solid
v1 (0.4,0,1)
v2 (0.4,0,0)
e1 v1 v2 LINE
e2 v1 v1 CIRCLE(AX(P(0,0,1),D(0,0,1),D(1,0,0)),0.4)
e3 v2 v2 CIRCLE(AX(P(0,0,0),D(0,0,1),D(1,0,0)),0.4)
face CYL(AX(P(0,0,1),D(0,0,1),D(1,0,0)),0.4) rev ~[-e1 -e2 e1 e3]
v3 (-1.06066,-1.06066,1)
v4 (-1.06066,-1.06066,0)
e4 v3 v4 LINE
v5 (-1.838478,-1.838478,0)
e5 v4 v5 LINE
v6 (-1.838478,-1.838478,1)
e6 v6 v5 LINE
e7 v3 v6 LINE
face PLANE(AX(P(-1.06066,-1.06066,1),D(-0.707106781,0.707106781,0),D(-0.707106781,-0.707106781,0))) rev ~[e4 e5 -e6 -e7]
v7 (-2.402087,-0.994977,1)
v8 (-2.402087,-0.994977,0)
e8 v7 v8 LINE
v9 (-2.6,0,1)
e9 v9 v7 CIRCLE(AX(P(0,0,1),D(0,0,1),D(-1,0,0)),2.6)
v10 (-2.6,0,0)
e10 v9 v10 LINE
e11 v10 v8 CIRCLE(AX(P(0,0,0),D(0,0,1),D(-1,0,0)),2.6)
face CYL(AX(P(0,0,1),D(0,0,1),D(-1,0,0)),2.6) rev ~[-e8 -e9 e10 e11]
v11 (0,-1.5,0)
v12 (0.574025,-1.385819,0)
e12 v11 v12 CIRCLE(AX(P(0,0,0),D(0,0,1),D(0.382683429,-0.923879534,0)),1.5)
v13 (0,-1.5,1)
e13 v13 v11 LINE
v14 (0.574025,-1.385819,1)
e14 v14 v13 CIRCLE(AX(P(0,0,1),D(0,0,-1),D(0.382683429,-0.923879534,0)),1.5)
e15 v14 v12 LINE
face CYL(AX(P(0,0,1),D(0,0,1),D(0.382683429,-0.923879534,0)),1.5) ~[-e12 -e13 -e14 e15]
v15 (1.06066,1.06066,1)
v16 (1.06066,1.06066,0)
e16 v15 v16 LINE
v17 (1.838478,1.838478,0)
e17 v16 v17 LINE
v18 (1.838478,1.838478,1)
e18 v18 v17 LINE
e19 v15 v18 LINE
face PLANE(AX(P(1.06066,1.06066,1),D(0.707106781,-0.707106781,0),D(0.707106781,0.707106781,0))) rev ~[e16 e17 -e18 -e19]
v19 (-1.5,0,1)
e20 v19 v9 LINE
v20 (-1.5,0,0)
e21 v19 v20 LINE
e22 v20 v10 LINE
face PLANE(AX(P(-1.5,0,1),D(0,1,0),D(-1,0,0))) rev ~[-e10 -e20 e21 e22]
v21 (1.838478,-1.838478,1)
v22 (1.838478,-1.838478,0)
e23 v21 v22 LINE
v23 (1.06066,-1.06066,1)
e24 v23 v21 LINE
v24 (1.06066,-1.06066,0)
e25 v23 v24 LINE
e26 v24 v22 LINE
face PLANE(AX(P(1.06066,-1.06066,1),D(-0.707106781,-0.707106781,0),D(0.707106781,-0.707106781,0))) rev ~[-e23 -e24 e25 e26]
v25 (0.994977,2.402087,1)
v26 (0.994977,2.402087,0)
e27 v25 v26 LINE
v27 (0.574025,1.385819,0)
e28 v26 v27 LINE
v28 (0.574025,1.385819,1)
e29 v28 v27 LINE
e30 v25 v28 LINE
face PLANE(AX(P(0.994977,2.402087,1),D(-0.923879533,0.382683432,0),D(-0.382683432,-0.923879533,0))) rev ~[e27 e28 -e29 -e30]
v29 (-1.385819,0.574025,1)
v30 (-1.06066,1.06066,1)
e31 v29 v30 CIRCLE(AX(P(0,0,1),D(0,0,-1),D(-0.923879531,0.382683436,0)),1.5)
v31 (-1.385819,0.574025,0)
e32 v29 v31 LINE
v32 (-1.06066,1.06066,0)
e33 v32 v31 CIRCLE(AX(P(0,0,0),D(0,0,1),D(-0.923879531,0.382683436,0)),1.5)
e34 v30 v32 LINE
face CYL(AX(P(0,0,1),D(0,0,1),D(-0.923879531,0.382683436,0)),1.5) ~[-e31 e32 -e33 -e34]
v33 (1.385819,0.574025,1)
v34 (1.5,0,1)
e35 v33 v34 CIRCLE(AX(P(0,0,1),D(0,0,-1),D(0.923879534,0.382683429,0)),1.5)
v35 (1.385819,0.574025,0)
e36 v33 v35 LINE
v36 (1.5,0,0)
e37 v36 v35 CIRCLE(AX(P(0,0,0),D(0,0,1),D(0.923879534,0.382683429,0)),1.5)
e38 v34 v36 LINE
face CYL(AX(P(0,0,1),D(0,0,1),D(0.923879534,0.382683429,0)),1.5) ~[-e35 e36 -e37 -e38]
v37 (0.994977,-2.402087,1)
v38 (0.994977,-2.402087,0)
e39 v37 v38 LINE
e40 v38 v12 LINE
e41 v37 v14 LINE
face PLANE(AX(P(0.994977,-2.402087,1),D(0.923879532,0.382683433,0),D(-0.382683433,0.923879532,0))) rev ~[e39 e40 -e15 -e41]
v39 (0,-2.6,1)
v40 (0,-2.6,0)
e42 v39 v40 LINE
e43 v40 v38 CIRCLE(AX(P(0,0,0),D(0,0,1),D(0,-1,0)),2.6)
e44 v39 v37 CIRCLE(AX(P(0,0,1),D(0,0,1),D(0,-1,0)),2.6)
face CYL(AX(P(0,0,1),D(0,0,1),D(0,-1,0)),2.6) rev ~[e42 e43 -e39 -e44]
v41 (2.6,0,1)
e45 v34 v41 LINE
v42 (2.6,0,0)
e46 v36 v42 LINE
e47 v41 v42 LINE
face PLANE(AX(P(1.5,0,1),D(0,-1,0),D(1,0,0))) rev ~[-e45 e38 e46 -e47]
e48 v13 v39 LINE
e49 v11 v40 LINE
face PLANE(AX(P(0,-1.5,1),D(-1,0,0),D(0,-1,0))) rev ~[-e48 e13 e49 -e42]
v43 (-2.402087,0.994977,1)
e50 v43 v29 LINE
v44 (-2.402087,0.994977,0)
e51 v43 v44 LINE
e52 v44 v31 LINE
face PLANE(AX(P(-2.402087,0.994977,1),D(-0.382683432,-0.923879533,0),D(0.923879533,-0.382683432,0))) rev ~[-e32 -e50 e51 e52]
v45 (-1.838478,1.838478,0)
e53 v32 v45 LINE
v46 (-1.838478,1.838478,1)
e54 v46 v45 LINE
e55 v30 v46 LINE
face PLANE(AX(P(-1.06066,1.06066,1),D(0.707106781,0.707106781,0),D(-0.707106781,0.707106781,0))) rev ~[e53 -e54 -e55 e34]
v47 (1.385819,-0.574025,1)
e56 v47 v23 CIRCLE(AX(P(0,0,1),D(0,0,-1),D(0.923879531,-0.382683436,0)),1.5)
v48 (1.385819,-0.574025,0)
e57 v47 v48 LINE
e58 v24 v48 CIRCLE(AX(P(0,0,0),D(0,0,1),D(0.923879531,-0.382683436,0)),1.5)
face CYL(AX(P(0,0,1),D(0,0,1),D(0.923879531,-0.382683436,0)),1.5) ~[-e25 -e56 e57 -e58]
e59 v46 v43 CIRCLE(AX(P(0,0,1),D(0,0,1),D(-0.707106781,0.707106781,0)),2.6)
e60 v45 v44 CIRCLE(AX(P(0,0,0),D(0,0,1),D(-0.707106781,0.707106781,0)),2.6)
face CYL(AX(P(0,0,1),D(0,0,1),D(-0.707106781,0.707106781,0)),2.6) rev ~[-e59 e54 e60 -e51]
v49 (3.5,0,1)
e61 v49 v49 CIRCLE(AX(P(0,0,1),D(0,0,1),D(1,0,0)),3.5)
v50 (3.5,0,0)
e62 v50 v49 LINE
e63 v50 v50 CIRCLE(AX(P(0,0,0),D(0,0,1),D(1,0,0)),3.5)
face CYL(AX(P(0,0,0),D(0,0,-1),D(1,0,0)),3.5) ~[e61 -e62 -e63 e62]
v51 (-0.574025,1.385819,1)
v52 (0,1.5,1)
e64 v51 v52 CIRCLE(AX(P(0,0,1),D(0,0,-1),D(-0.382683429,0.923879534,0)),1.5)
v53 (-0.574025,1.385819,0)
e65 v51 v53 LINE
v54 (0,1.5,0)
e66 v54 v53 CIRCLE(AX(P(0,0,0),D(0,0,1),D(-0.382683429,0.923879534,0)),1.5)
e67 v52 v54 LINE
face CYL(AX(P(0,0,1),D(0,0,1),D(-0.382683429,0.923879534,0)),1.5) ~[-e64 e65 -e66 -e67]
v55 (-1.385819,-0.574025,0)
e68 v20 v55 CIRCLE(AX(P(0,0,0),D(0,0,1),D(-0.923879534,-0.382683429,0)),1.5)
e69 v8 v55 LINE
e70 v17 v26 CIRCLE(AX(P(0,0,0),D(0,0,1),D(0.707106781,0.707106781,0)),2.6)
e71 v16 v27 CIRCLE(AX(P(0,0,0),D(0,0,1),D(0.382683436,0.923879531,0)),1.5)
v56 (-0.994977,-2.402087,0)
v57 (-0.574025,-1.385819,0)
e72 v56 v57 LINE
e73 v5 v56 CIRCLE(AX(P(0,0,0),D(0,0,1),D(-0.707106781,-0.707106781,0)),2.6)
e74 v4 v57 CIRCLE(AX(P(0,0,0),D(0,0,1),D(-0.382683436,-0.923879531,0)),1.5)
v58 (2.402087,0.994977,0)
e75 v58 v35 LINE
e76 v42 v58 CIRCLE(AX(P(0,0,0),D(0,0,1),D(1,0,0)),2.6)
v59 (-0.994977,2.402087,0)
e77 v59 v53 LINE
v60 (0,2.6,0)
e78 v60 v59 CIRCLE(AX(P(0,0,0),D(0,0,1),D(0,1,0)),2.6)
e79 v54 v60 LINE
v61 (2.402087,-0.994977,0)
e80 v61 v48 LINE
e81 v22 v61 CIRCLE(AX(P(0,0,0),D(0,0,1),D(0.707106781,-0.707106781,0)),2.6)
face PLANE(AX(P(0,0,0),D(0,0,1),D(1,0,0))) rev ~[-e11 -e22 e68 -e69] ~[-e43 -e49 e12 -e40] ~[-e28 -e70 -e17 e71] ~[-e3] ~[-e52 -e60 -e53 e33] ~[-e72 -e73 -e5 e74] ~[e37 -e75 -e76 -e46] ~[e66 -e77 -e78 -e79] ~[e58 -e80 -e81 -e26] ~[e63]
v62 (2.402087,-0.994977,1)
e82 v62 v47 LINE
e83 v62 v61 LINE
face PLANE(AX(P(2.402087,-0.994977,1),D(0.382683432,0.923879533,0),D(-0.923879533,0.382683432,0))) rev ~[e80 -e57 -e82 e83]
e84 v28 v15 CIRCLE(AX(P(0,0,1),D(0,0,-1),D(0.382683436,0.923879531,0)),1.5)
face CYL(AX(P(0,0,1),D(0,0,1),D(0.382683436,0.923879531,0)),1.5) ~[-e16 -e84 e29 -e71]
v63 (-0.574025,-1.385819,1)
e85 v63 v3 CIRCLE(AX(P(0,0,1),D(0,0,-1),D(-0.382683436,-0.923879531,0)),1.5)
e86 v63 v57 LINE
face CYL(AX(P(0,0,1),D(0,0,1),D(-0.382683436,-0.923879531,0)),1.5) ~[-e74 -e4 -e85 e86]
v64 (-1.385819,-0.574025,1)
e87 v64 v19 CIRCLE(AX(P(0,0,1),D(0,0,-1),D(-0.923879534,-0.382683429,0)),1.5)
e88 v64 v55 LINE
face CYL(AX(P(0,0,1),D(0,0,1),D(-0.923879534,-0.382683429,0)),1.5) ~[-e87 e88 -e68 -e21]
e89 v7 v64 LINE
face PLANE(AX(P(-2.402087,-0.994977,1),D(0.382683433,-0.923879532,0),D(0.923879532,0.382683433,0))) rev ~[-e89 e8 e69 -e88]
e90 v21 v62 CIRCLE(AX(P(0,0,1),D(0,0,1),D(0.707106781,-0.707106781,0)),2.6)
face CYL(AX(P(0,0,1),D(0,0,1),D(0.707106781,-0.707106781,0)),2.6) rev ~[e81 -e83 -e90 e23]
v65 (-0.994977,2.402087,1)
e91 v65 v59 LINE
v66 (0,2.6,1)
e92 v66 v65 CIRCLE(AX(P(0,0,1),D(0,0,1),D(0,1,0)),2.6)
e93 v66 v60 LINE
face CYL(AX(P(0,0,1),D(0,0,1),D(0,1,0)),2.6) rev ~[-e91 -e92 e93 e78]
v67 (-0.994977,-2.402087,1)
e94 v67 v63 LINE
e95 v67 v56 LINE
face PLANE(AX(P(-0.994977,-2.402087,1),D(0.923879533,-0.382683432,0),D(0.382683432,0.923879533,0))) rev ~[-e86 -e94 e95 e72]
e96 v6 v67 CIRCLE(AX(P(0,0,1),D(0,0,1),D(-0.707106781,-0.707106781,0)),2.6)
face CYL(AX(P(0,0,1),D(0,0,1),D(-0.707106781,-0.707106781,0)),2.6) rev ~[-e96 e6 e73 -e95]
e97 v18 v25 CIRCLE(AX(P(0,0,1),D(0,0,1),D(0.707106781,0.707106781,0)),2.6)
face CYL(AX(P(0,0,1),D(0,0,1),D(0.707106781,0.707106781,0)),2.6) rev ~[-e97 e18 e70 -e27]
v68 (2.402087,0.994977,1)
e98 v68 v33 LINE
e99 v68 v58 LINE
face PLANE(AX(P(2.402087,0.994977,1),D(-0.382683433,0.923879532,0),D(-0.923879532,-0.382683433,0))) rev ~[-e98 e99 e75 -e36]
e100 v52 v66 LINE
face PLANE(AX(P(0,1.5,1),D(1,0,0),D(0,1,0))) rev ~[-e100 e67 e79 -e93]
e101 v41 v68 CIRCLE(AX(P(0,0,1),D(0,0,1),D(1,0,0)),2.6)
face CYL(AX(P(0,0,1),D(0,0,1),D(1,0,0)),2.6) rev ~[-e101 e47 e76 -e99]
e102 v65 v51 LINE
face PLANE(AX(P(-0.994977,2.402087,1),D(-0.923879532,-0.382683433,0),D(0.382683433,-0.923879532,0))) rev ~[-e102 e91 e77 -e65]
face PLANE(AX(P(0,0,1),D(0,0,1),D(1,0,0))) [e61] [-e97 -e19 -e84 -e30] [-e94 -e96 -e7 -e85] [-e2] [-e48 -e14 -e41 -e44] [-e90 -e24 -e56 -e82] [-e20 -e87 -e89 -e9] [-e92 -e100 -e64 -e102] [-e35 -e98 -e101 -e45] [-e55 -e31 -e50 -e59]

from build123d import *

# Parameters (mm, degrees)
SKETCH2_R           = 3.5
BOSS_EXTRUDE1_DEPTH = 1
SKETCH4_R           = 0.4
CUT_EXTRUDE2_DEPTH  = 6.049752469
CUT_EXTRUDE3_DEPTH  = 6.049752469
CIRPATTERN1_COUNT   = 8


with BuildPart() as part:
    # Sketch2 → Boss-Extrude1 (new body)
    with BuildSketch(Plane.XY):
        Circle(SKETCH2_R)
    extrude(amount=BOSS_EXTRUDE1_DEPTH)

    # Sketch4 → Cut-Extrude2 (cut, through all)
    with BuildSketch(Plane.XY.offset(1)):
        Circle(SKETCH4_R)
    extrude(amount=-CUT_EXTRUDE2_DEPTH, mode=Mode.SUBTRACT)

    # Sketch5 → Cut-Extrude3 (cut, through all)
    with BuildSketch(Plane.XY.offset(1)):
        with BuildLine():
            Line((-1.060660172, -1.060660172), (-1.838477631, -1.838477631))
            ThreePointArc((-1.838477631, -1.838477631), (-1.444482606, -2.161820992), (-0.994976924, -2.402086785))
            Line((-0.994976924, -2.402086785), (-0.574025149, -1.385819299))
            ThreePointArc((-0.574025149, -1.385819299), (-0.83335535, -1.247204418), (-1.060660172, -1.060660172))
        make_face()
    cut_extrude3 = extrude(amount=-CUT_EXTRUDE3_DEPTH, mode=Mode.SUBTRACT)

    # CirPattern1: Cut-Extrude3 ×8 about axis
    cirpattern1_axis = Axis((0, 0, 0), (0, 0, 1))
    for i in range(1, CIRPATTERN1_COUNT):
        add(cut_extrude3.rotate(cirpattern1_axis, i * 360 / CIRPATTERN1_COUNT), mode=Mode.SUBTRACT)


solid = part.part
